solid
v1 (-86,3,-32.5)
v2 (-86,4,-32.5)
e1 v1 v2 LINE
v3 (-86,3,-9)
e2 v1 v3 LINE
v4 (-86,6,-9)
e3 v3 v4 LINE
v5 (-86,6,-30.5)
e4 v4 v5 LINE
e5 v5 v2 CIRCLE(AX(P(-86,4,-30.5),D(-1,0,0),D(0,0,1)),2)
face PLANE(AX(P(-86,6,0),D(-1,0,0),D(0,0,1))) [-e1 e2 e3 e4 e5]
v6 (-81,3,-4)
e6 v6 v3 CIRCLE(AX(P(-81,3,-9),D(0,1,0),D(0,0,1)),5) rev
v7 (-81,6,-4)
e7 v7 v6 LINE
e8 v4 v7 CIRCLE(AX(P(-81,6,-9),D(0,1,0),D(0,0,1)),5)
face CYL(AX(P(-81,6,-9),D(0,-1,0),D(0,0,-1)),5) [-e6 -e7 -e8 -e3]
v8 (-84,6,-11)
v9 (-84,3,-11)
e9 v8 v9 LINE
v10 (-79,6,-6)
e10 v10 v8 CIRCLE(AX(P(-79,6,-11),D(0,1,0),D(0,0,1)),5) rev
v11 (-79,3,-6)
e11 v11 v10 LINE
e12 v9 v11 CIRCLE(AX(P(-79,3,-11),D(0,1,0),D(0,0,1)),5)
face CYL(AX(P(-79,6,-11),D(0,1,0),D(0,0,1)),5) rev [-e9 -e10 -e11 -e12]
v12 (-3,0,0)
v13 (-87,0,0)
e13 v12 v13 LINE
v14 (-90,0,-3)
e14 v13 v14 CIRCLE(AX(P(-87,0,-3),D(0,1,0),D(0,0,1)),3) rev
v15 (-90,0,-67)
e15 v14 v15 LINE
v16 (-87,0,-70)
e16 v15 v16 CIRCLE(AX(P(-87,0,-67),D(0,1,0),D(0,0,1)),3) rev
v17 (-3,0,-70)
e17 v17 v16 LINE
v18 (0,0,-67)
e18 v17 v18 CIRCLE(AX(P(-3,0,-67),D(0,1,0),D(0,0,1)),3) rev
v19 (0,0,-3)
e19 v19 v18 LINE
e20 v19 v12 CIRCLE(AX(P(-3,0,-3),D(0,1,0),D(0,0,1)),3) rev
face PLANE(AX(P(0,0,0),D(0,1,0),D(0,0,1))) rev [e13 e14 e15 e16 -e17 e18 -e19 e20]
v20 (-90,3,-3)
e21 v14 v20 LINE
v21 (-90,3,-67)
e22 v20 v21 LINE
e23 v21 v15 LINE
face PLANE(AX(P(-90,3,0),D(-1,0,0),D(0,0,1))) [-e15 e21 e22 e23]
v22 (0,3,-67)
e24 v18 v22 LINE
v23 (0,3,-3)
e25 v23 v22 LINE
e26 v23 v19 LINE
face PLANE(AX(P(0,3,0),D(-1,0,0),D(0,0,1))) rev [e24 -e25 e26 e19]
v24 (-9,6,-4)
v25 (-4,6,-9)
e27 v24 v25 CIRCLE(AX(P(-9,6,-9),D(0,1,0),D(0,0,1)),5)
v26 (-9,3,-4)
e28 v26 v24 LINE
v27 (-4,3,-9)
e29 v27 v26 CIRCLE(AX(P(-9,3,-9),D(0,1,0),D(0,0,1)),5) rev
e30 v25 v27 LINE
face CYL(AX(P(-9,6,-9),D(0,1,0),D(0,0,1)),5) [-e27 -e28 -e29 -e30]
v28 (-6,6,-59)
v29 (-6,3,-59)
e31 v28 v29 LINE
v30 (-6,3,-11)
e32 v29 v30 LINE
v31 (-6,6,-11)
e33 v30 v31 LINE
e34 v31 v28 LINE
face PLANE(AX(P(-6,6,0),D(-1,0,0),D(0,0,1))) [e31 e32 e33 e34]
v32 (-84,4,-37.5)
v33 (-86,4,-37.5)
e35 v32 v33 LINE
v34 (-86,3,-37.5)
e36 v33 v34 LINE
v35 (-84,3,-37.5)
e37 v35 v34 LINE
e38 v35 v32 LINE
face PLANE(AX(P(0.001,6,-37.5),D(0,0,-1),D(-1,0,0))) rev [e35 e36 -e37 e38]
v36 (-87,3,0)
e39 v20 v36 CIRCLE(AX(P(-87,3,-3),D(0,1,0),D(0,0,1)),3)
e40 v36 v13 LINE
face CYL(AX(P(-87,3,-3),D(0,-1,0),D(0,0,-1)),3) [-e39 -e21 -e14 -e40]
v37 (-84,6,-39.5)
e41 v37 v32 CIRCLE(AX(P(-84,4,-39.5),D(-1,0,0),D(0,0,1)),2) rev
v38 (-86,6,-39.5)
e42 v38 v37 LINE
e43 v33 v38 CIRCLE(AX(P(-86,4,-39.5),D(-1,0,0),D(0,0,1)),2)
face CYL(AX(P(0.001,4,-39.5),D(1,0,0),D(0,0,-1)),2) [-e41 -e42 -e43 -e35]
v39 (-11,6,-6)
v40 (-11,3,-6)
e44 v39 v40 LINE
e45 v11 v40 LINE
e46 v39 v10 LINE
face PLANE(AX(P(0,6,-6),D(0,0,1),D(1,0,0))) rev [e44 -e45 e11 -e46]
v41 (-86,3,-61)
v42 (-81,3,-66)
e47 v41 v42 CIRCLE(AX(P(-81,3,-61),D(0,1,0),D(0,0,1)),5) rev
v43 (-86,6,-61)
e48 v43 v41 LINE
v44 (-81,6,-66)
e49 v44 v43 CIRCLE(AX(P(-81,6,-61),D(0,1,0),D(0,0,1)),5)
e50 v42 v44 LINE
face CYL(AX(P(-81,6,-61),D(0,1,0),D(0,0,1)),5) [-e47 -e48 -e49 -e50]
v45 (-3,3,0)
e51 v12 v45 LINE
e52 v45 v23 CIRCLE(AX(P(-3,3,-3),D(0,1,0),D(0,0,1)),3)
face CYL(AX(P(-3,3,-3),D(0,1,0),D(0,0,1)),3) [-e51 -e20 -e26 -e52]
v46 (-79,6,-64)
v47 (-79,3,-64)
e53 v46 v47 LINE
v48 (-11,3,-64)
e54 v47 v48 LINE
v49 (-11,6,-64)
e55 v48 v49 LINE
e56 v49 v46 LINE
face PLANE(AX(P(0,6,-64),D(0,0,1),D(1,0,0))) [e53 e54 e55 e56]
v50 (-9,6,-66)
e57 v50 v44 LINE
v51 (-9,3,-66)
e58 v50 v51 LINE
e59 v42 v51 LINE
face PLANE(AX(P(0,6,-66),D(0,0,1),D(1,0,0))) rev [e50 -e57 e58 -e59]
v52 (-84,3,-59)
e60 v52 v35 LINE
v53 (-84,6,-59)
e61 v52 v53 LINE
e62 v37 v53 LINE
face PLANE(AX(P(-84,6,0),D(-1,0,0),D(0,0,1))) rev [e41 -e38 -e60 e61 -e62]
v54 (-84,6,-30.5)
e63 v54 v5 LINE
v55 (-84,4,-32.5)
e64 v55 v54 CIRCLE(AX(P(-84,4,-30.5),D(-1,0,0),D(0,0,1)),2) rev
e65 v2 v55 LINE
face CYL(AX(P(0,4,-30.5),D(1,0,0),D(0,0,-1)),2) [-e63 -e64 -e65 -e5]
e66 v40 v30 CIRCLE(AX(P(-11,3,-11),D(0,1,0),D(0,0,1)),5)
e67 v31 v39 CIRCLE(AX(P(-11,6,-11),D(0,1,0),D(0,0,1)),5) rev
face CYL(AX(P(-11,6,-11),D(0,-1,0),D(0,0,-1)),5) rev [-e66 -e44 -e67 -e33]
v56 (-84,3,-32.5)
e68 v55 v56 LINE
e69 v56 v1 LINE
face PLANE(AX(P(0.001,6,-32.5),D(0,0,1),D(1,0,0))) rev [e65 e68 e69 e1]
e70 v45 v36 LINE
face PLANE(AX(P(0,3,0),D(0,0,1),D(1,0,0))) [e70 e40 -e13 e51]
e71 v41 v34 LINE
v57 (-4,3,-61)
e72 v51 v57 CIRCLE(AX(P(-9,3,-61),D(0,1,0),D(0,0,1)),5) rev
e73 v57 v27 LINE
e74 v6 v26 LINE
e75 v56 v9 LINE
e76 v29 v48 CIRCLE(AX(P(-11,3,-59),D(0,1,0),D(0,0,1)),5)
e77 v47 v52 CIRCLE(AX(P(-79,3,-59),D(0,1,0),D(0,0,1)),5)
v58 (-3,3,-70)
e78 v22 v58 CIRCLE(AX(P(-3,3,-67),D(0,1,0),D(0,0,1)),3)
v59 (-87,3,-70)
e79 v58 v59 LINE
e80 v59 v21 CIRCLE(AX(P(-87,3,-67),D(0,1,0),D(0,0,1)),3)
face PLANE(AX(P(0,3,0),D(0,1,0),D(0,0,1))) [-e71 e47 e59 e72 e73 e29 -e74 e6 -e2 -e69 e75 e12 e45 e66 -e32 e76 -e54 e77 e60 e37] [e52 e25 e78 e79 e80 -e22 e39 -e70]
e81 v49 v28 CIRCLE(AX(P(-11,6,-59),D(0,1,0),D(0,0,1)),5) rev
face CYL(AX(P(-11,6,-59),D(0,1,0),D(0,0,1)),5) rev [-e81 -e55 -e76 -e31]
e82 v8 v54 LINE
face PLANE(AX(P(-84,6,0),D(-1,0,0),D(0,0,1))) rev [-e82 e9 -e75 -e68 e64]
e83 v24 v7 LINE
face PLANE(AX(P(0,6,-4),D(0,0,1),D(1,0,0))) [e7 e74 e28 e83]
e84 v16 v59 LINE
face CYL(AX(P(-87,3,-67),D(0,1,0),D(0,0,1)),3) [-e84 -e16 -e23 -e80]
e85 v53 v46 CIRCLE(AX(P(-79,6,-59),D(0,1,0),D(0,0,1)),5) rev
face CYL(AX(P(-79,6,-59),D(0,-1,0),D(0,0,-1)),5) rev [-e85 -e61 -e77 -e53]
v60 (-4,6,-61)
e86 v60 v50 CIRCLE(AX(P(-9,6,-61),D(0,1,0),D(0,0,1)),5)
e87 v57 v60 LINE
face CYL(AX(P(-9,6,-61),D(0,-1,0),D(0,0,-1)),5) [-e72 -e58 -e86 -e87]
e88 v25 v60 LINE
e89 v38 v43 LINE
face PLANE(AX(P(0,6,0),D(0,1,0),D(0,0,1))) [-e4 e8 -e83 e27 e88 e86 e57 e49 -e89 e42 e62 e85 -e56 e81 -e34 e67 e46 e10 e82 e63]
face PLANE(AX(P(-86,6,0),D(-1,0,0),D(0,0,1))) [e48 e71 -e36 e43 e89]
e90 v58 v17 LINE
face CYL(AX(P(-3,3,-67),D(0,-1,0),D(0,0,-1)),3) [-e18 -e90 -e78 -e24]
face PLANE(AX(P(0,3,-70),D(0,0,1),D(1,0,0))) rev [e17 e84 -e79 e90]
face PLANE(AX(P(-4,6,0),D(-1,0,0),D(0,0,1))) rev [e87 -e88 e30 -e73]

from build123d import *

# Parameters (mm, degrees)
ESBO_O1_W                = 90
ESBO_O1_H                = 70
RESSALTO_EXTRUS_O1_DEPTH = 3
ESBO_O1_3_W              = 82
ESBO_O1_3_H              = 62
ESBO_O1_3_W_2            = 78
ESBO_O1_3_H_2            = 58
RESSALTO_EXTRUS_O2_DEPTH = 6
FILETE1_R                = 3
FILETE2_R                = 5
CORTE_EXTRUS_O1_REACH    = 113.05
ESBO_O2_W                = 5
ESBO_O2_H                = 3
FILETE3_R                = 2


with BuildPart() as part:
    # Esboço1 → Ressalto-extrusão1 (new body)
    with BuildSketch(Plane(origin=(0, 0, 0), x_dir=(1, 0, 0), z_dir=(0, 1, 0))):
        with Locations((-45, 35)):
            Rectangle(ESBO_O1_W, ESBO_O1_H)
    extrude(amount=RESSALTO_EXTRUS_O1_DEPTH)

    # Esboço1<3> → Ressalto-extrusão2 (add)
    with BuildSketch(Plane(origin=(0, 0, 0), x_dir=(1, 0, 0), z_dir=(0, 1, 0))):
        with Locations((-45, 35)):
            Rectangle(ESBO_O1_3_W, ESBO_O1_3_H)
        with Locations((-45, 35)):
            Rectangle(ESBO_O1_3_W_2, ESBO_O1_3_H_2, mode=Mode.SUBTRACT)
    extrude(amount=RESSALTO_EXTRUS_O2_DEPTH)

    # Filete1
    filete1_edges = [part.edges().sort_by_distance(p)[0] for p in [
        (-90, 1.5, 0),
        (0, 1.5, 0),
        (0, 1.5, -70),
        (-90, 1.5, -70),
    ]]
    fillet(filete1_edges, radius=FILETE1_R)

    # Filete2
    filete2_edges = [part.edges().sort_by_distance(p)[0] for p in [
        (-84, 4.5, -6),
        (-86, 4.5, -4),
        (-4, 4.5, -4),
        (-6, 4.5, -6),
        (-6, 4.5, -64),
        (-4, 4.5, -66),
        (-84, 4.5, -64),
        (-86, 4.5, -66),
    ]]
    fillet(filete2_edges, radius=FILETE2_R)

    # Esboço2 → Corte-extrusão1 (cut, up to next)
    with BuildSketch(Plane.ZY.offset(86), mode=Mode.PRIVATE) as corte_extrus_o1_sk1:
        with Locations((-35, 4.5)):
            Rectangle(ESBO_O2_W, ESBO_O2_H)
    corte_extrus_o1_tool1 = extrude(corte_extrus_o1_sk1.sketch, amount=-CORTE_EXTRUS_O1_REACH, mode=Mode.PRIVATE) & part.part
    add(corte_extrus_o1_tool1.solids().sort_by_distance((-86, 4.5, -35))[0], mode=Mode.SUBTRACT)

    # Filete3
    filete3_edges = [part.edges().sort_by_distance(p)[0] for p in [
        (-85, 6, -32.5),
        (-85, 6, -37.5),
    ]]
    fillet(filete3_edges, radius=FILETE3_R)


solid = part.part
